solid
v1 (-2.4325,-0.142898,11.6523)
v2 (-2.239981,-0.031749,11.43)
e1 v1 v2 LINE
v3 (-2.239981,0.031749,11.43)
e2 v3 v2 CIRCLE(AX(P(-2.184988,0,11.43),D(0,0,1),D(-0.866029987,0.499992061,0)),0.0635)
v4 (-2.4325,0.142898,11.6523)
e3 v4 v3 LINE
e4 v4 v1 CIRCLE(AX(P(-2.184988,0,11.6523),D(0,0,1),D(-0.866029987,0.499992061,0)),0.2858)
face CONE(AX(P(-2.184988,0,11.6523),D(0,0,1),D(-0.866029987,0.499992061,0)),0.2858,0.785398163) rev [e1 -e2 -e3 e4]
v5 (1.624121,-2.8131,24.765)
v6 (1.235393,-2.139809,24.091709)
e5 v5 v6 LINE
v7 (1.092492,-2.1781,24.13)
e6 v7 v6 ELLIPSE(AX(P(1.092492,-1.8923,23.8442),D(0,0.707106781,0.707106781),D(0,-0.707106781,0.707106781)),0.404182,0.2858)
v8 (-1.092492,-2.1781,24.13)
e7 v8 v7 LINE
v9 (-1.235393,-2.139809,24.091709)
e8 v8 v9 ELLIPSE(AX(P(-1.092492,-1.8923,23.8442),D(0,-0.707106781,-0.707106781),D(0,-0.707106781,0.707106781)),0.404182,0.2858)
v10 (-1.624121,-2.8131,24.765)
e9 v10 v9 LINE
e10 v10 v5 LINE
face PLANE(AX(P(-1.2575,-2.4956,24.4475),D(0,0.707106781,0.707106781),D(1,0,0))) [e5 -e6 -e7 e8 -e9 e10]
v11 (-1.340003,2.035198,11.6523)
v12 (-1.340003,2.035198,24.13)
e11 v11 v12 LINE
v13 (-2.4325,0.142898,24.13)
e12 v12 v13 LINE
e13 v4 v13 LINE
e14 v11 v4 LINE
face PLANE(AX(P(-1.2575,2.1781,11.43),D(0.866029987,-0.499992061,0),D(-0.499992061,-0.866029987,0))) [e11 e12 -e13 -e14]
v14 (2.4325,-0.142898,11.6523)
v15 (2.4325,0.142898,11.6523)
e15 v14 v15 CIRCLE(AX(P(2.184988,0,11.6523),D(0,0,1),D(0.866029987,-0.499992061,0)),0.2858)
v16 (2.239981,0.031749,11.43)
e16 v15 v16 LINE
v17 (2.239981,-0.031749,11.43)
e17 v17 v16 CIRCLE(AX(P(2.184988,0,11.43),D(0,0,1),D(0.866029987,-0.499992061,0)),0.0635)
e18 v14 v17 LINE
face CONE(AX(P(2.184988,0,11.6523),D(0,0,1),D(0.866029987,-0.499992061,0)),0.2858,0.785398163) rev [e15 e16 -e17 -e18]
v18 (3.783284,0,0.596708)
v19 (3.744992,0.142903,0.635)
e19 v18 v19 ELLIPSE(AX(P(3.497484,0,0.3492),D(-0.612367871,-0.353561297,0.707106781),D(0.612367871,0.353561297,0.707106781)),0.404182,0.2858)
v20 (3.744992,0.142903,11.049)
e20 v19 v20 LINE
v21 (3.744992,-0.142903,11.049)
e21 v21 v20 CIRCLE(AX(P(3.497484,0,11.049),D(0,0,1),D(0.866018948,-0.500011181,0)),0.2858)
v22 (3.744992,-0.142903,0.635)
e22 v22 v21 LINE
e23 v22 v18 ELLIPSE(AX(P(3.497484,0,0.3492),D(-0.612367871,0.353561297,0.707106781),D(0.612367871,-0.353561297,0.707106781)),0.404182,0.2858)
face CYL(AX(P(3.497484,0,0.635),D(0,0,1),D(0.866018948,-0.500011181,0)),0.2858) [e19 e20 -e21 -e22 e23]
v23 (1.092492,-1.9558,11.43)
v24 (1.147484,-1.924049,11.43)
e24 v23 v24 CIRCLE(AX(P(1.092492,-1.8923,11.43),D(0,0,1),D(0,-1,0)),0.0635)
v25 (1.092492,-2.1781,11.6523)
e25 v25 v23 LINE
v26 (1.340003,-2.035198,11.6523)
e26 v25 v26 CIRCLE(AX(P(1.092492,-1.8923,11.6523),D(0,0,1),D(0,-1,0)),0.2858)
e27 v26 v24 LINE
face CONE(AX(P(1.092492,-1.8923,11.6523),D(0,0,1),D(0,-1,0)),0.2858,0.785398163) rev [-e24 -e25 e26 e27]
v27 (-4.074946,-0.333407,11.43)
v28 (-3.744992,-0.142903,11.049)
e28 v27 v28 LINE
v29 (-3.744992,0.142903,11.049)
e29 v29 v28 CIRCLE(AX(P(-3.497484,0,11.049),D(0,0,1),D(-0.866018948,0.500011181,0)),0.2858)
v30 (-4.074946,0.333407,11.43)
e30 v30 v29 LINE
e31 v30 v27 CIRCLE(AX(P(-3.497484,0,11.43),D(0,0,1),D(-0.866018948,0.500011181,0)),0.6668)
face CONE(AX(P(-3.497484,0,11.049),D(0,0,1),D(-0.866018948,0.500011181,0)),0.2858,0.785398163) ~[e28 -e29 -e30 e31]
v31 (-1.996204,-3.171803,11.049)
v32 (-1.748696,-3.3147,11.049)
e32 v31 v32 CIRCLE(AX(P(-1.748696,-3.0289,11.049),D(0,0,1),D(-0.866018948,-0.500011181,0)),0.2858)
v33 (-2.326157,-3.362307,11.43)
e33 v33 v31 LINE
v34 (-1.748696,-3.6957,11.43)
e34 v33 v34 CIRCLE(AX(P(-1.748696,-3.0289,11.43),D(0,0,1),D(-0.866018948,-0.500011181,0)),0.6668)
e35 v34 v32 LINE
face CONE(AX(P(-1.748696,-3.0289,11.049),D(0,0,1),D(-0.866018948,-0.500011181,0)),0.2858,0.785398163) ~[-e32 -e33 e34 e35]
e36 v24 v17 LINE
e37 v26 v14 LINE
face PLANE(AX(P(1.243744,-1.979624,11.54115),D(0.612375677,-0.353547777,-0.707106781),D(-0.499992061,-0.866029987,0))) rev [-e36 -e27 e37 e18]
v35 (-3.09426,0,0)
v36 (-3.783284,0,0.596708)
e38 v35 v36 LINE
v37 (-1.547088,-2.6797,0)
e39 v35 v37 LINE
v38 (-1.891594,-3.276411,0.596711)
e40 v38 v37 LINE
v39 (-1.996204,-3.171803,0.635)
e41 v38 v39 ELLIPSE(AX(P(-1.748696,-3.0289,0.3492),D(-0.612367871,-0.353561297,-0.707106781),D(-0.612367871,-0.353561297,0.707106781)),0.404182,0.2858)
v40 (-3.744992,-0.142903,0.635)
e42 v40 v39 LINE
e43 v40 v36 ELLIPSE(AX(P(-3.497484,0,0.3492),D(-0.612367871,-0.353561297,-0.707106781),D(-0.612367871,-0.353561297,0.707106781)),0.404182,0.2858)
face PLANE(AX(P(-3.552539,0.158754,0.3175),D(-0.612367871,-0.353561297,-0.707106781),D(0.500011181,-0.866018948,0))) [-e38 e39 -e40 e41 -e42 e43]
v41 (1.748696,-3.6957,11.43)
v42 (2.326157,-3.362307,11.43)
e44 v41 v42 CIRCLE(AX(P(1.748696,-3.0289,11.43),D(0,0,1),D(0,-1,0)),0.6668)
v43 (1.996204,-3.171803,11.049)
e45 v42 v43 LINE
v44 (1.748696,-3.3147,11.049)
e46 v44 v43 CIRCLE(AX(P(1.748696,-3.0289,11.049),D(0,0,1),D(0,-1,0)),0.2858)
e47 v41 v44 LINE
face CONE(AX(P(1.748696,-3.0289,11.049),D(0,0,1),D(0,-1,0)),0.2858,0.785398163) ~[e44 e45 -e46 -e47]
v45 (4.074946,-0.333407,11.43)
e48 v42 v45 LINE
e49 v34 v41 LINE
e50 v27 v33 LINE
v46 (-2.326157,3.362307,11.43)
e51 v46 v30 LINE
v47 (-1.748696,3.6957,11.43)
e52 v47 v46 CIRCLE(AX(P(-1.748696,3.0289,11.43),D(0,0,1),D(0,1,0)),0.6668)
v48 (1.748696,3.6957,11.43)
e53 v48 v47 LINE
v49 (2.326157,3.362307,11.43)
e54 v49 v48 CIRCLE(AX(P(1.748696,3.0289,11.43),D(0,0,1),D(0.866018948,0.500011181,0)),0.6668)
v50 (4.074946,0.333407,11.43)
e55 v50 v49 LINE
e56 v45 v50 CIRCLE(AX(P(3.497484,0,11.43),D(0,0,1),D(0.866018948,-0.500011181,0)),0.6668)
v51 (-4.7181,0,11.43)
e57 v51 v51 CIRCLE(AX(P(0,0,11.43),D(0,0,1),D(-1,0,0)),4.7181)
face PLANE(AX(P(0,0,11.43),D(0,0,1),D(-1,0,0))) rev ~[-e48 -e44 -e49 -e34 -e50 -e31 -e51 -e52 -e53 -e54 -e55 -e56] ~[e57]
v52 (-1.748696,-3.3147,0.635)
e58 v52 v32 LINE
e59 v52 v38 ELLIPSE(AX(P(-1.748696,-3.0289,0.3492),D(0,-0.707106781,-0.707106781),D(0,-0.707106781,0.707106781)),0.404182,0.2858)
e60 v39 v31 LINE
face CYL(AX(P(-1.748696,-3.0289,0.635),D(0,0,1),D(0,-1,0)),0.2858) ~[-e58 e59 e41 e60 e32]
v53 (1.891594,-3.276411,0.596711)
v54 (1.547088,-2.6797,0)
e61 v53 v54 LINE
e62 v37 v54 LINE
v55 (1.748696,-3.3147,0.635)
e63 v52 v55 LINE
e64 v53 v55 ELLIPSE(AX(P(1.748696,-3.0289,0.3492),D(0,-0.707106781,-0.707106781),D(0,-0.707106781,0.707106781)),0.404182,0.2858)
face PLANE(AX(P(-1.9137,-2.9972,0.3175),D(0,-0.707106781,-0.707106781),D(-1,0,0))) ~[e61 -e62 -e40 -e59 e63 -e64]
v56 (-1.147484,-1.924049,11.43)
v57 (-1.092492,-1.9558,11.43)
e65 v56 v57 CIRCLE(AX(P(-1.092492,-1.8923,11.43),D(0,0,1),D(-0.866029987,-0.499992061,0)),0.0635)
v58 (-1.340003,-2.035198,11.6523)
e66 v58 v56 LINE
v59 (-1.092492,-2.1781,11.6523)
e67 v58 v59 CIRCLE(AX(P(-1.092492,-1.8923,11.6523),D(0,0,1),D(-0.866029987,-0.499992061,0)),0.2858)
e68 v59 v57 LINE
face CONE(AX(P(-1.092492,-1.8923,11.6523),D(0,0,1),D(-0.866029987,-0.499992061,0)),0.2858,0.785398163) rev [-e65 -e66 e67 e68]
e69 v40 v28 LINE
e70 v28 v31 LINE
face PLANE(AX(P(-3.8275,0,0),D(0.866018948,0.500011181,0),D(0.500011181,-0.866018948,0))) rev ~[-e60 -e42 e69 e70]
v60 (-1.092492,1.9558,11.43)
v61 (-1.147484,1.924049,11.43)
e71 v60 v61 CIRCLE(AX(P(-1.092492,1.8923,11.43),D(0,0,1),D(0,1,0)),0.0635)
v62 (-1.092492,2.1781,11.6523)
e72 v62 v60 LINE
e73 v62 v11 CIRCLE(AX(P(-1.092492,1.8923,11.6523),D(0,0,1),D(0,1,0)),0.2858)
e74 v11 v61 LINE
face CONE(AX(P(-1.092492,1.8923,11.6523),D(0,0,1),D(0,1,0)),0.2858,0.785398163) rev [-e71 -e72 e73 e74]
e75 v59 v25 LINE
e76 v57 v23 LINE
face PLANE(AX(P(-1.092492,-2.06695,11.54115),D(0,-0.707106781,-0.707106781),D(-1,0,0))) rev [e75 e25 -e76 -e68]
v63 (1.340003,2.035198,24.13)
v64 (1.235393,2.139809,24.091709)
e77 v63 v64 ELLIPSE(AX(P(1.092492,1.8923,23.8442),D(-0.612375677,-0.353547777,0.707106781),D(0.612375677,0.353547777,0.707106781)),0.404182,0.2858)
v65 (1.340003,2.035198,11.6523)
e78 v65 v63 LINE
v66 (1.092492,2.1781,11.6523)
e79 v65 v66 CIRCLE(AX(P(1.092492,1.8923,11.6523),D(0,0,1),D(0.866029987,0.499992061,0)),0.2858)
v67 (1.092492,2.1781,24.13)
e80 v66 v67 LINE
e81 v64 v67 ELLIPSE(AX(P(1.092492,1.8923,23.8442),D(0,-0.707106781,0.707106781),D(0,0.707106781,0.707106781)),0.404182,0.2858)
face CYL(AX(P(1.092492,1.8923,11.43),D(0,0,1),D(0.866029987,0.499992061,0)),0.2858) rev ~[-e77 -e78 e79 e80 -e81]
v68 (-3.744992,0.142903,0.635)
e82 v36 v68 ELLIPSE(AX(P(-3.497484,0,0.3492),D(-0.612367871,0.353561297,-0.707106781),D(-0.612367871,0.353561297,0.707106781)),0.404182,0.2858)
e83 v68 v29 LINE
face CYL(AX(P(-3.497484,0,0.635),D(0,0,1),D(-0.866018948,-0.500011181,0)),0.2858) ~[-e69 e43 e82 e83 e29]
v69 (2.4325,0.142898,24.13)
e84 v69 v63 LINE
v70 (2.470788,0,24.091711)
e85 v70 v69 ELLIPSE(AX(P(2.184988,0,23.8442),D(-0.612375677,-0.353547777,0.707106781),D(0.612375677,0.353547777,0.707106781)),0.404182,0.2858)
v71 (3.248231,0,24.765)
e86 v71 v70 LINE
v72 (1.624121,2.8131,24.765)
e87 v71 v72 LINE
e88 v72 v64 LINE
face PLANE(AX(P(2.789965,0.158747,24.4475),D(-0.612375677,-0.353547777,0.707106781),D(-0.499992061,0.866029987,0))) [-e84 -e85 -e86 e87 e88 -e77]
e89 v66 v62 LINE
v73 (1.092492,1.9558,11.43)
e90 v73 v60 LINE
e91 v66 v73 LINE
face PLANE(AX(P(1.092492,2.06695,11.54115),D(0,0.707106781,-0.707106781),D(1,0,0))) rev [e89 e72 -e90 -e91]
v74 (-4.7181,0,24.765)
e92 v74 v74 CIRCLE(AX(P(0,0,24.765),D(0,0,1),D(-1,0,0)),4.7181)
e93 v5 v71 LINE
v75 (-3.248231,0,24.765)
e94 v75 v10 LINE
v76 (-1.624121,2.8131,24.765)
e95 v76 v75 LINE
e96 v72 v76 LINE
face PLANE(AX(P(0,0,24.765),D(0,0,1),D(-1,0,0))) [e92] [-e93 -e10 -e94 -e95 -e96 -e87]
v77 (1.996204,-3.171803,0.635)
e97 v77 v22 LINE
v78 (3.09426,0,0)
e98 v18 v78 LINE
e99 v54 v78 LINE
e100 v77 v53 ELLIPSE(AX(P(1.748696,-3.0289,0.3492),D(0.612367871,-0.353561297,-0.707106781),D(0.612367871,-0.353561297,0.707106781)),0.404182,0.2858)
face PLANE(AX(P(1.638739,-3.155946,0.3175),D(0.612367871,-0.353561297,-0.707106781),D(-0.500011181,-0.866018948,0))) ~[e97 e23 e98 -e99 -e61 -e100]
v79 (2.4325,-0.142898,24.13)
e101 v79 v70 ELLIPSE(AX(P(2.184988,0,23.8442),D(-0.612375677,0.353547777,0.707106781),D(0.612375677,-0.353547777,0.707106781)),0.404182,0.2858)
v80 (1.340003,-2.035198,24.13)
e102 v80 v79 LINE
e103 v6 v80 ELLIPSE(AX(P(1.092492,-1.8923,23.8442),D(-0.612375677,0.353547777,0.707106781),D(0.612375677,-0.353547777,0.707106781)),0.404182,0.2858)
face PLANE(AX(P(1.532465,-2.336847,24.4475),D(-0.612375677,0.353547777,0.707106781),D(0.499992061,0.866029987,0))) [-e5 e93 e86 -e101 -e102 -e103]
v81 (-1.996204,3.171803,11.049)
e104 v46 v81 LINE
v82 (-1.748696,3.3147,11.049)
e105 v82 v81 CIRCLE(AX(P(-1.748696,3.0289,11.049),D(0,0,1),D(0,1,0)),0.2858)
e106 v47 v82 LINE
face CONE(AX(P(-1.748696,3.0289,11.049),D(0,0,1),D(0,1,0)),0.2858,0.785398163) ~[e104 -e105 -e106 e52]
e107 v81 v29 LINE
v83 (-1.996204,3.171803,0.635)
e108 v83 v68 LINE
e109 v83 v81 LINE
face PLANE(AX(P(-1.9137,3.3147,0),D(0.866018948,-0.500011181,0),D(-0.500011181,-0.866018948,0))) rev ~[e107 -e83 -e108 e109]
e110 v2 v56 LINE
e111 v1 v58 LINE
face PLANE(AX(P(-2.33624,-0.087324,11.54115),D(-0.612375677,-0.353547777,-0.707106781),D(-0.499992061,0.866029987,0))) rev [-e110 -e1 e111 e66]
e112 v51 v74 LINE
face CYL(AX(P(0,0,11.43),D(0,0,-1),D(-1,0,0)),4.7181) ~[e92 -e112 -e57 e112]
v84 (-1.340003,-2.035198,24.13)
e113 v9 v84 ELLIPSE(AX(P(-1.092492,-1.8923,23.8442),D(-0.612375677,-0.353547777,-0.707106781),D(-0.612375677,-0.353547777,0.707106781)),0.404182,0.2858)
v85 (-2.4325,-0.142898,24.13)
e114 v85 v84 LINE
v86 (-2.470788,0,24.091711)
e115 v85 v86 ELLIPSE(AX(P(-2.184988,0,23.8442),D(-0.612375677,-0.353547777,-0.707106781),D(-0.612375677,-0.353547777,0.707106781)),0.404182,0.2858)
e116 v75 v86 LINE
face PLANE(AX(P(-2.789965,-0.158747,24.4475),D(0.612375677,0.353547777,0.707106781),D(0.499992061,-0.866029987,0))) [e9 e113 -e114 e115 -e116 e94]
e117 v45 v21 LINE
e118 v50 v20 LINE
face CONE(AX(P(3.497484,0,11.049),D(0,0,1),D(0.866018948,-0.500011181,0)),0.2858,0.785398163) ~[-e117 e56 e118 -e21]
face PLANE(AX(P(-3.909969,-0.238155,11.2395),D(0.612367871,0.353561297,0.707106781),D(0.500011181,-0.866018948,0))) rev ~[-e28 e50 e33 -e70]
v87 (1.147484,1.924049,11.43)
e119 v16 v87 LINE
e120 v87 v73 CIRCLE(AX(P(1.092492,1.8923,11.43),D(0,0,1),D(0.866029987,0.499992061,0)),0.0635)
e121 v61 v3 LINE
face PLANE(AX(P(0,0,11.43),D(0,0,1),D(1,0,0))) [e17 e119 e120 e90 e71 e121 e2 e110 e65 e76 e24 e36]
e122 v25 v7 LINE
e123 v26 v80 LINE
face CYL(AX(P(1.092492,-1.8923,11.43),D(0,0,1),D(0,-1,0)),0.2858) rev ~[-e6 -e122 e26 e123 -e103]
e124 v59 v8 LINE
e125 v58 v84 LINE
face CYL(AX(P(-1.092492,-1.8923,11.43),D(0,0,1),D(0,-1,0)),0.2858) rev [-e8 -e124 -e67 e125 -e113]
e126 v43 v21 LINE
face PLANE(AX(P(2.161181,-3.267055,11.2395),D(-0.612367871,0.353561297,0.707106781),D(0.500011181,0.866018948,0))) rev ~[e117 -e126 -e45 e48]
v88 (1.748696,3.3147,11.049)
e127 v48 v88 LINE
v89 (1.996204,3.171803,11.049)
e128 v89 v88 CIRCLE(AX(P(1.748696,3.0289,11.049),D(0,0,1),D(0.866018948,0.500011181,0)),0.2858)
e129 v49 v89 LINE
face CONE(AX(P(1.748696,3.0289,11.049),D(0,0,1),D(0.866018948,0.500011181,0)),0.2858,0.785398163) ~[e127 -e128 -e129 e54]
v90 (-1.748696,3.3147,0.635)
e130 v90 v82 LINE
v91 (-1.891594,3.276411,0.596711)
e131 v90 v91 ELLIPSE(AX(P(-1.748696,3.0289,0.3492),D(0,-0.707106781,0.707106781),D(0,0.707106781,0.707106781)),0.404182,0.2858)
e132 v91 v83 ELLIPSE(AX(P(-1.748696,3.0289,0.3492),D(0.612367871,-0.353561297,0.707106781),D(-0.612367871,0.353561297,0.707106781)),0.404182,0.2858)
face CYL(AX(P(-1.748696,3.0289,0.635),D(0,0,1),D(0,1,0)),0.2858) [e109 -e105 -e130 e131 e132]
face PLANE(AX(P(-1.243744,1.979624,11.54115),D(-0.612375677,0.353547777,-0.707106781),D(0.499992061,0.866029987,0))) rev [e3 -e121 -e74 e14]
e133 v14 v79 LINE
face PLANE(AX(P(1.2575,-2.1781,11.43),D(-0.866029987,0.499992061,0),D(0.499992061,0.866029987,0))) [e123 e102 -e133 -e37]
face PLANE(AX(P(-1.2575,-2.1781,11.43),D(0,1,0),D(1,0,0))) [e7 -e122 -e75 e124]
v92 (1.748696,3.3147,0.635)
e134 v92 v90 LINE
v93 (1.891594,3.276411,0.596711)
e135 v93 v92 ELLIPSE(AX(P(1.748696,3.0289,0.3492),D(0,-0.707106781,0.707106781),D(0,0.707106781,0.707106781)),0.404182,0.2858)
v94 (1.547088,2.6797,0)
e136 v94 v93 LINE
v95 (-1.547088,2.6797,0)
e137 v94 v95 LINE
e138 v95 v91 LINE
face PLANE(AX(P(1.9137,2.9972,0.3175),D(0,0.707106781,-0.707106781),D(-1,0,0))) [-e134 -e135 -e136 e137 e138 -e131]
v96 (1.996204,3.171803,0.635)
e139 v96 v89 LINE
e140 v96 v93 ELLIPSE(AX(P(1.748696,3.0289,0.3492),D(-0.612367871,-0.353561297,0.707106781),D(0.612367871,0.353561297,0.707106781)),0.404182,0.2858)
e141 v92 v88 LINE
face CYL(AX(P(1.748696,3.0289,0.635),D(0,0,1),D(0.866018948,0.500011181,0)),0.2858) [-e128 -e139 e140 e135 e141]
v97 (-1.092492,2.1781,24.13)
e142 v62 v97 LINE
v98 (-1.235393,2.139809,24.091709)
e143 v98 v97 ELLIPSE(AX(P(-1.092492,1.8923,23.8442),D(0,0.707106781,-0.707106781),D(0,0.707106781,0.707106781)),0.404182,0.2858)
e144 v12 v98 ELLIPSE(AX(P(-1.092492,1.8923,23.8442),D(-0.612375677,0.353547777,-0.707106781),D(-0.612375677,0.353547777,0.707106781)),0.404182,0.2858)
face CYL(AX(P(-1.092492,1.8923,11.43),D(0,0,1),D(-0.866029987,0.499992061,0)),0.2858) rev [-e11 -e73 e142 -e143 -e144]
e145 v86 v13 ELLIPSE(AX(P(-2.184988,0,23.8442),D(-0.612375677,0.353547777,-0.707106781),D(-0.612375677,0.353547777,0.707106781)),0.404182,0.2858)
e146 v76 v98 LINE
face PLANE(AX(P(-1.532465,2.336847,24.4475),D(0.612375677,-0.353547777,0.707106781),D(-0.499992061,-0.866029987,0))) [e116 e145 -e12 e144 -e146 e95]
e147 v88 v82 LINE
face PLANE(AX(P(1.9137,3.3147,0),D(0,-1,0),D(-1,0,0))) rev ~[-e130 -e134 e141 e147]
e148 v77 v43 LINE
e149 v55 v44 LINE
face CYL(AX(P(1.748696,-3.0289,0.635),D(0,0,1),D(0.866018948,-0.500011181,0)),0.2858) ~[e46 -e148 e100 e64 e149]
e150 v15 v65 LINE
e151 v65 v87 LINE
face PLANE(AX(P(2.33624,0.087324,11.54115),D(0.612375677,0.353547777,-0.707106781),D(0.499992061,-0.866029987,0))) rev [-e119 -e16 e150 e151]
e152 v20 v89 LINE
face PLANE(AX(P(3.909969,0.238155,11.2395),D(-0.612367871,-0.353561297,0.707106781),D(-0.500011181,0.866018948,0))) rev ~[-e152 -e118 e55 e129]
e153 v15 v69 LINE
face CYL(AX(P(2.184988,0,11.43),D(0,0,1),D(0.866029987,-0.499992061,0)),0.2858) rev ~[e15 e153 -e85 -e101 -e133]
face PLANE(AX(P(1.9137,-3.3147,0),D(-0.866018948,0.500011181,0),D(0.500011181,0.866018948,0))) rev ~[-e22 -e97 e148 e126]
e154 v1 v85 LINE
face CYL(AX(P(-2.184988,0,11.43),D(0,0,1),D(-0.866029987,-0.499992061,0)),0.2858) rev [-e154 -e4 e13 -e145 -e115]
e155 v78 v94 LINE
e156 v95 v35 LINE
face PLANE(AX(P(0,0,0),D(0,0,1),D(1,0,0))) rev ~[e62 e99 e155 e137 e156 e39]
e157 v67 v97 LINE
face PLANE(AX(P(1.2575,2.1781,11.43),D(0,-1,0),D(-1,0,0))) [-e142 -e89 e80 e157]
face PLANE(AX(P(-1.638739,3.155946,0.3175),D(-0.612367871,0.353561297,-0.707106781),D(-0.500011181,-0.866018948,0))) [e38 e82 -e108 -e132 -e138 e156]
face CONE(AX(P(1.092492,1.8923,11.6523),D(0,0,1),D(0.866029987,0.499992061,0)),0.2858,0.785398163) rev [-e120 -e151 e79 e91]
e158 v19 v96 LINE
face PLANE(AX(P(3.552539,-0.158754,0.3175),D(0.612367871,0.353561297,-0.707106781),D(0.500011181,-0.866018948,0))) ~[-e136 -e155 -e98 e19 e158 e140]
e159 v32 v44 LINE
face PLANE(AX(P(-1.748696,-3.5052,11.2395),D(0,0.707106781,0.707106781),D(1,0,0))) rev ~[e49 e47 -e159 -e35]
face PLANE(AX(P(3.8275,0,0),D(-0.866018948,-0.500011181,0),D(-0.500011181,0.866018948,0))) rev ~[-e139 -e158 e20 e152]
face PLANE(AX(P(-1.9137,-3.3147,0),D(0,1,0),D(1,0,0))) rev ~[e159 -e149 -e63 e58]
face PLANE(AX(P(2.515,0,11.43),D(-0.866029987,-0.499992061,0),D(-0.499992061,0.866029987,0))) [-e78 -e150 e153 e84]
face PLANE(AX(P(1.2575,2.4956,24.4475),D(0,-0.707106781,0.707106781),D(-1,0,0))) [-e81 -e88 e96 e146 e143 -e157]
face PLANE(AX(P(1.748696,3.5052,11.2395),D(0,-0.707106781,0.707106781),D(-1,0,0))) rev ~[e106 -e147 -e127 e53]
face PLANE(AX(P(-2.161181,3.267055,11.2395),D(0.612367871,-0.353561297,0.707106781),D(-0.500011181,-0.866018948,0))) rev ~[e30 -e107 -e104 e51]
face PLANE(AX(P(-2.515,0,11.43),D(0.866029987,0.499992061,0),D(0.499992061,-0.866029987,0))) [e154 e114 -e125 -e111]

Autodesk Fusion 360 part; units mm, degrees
sketch "Sketch1" plane through (0, 0, 0) normal (0, 0, 1) x (1, 0, 0)
  line L0 (3.8275, 0) -> (1.9137, 3.3147)
  line L1 (1.9137, 3.3147) -> (-1.9137, 3.3147)
  line L2 (-1.9137, 3.3147) -> (-3.8275, 0)
  line L3 (-3.8275, 0) -> (-1.9137, -3.3147)
  line L4 (-1.9137, -3.3147) -> (1.9137, -3.3147)
  line L5 (1.9137, -3.3147) -> (3.8275, 0)
  line L6 (0, 0) -> (0, -3.3147) construction
  dimension "d1" = 6.6294
extrude "Extrude1" add sketch "Sketch1" along normal blind 11.43
sketch "Sketch2" plane through (0, 0, 11.43) normal (0, 0, 1) x (-1, 0, 0)
  line L0 (-1.9137, 3.3147) -> (-3.8275, 0)
  line L1 (-3.8275, 0) -> (-1.9137, -3.3147)
  line L2 (-1.9137, -3.3147) -> (1.9137, -3.3147)
  line L3 (1.9137, -3.3147) -> (3.8275, 0)
  line L4 (3.8275, 0) -> (1.9137, 3.3147)
  line L5 (1.9137, 3.3147) -> (-1.9137, 3.3147)
  line L6 (-2.515, 0) -> (-1.2575, -2.1781)
  line L7 (-1.2575, -2.1781) -> (1.2575, -2.1781)
  line L8 (1.2575, -2.1781) -> (2.515, 0)
  line L9 (2.515, 0) -> (1.2575, 2.1781)
  line L10 (1.2575, 2.1781) -> (-1.2575, 2.1781)
  line L11 (-1.2575, 2.1781) -> (-2.515, 0)
  line L12 (0, 2.1781) -> (0, 0) construction
  line L13 (-2.724, 4.7181) -> (-5.4479, 0) construction
  line L14 (-5.4479, 0) -> (-2.724, -4.718) construction
  line L15 (-2.724, -4.718) -> (2.724, -4.718) construction
  line L16 (2.724, -4.718) -> (5.4479, 0) construction
  line L17 (5.4479, 0) -> (2.724, 4.7181) construction
  line L18 (2.724, 4.7181) -> (-2.724, 4.7181) construction
  circle A0 centre (0, 0) radius 4.7181
  dimension "d5" = 4.3561
  dimension "d6" = 2.54
extrude "Extrude2" add sketch "Sketch2" along normal blind 13.335 contours L0 L1 L2 L3 L4 L5 | A0
chamfer "Chamfer1" distance 0.635 angle 45 6 edges at (0, -2.1781, 24.765) (-1.8862, -1.089, 24.765) (-1.8862, 1.089, 24.765) (0, 2.1781, 24.765) (1.8862, 1.089, 24.765) (1.8862, -1.089, 24.765) 1 faces at (1.2758, 0, 0)
fillet "Fillet1" radius 0.2858 12 edges at (-3.8275, 0, 6.0325) (-1.9137, -3.3147, 6.0325) (1.9137, -3.3147, 6.0325) (-1.9137, 3.3147, 6.0325) (1.9137, 3.3147, 6.0325) (3.8275, 0, 6.0325) (2.515, 0, 17.78) (1.2575, -2.1781, 17.78) (-1.2575, -2.1781, 17.78) (-2.515, 0, 17.78) (-1.2575, 2.1781, 17.78) (1.2575, 2.1781, 17.78)
chamfer "Chamfer2" distance 0.381 angle 45 12 edges at (2.8706, 1.6574, 11.43) (1.8916, 3.2764, 11.43) (0, 3.3147, 11.43) (-1.8916, 3.2764, 11.43) (-2.8706, 1.6574, 11.43) (-3.7833, 0, 11.43) (-2.8706, -1.6574, 11.43) (-1.8916, -3.2764, 11.43) (0, -3.3147, 11.43) (1.8916, -3.2764, 11.43) (2.8706, -1.6574, 11.43) (3.7833, 0, 11.43)
chamfer "Chamfer3" distance 0.2223 angle 45 1 faces at (0.3642, 0.726, 11.43)
equation "d1 = 0.248 in + 0.013 in"
equation "d5 = 0.1565 in + ( 0.015 ) * 1 in"
